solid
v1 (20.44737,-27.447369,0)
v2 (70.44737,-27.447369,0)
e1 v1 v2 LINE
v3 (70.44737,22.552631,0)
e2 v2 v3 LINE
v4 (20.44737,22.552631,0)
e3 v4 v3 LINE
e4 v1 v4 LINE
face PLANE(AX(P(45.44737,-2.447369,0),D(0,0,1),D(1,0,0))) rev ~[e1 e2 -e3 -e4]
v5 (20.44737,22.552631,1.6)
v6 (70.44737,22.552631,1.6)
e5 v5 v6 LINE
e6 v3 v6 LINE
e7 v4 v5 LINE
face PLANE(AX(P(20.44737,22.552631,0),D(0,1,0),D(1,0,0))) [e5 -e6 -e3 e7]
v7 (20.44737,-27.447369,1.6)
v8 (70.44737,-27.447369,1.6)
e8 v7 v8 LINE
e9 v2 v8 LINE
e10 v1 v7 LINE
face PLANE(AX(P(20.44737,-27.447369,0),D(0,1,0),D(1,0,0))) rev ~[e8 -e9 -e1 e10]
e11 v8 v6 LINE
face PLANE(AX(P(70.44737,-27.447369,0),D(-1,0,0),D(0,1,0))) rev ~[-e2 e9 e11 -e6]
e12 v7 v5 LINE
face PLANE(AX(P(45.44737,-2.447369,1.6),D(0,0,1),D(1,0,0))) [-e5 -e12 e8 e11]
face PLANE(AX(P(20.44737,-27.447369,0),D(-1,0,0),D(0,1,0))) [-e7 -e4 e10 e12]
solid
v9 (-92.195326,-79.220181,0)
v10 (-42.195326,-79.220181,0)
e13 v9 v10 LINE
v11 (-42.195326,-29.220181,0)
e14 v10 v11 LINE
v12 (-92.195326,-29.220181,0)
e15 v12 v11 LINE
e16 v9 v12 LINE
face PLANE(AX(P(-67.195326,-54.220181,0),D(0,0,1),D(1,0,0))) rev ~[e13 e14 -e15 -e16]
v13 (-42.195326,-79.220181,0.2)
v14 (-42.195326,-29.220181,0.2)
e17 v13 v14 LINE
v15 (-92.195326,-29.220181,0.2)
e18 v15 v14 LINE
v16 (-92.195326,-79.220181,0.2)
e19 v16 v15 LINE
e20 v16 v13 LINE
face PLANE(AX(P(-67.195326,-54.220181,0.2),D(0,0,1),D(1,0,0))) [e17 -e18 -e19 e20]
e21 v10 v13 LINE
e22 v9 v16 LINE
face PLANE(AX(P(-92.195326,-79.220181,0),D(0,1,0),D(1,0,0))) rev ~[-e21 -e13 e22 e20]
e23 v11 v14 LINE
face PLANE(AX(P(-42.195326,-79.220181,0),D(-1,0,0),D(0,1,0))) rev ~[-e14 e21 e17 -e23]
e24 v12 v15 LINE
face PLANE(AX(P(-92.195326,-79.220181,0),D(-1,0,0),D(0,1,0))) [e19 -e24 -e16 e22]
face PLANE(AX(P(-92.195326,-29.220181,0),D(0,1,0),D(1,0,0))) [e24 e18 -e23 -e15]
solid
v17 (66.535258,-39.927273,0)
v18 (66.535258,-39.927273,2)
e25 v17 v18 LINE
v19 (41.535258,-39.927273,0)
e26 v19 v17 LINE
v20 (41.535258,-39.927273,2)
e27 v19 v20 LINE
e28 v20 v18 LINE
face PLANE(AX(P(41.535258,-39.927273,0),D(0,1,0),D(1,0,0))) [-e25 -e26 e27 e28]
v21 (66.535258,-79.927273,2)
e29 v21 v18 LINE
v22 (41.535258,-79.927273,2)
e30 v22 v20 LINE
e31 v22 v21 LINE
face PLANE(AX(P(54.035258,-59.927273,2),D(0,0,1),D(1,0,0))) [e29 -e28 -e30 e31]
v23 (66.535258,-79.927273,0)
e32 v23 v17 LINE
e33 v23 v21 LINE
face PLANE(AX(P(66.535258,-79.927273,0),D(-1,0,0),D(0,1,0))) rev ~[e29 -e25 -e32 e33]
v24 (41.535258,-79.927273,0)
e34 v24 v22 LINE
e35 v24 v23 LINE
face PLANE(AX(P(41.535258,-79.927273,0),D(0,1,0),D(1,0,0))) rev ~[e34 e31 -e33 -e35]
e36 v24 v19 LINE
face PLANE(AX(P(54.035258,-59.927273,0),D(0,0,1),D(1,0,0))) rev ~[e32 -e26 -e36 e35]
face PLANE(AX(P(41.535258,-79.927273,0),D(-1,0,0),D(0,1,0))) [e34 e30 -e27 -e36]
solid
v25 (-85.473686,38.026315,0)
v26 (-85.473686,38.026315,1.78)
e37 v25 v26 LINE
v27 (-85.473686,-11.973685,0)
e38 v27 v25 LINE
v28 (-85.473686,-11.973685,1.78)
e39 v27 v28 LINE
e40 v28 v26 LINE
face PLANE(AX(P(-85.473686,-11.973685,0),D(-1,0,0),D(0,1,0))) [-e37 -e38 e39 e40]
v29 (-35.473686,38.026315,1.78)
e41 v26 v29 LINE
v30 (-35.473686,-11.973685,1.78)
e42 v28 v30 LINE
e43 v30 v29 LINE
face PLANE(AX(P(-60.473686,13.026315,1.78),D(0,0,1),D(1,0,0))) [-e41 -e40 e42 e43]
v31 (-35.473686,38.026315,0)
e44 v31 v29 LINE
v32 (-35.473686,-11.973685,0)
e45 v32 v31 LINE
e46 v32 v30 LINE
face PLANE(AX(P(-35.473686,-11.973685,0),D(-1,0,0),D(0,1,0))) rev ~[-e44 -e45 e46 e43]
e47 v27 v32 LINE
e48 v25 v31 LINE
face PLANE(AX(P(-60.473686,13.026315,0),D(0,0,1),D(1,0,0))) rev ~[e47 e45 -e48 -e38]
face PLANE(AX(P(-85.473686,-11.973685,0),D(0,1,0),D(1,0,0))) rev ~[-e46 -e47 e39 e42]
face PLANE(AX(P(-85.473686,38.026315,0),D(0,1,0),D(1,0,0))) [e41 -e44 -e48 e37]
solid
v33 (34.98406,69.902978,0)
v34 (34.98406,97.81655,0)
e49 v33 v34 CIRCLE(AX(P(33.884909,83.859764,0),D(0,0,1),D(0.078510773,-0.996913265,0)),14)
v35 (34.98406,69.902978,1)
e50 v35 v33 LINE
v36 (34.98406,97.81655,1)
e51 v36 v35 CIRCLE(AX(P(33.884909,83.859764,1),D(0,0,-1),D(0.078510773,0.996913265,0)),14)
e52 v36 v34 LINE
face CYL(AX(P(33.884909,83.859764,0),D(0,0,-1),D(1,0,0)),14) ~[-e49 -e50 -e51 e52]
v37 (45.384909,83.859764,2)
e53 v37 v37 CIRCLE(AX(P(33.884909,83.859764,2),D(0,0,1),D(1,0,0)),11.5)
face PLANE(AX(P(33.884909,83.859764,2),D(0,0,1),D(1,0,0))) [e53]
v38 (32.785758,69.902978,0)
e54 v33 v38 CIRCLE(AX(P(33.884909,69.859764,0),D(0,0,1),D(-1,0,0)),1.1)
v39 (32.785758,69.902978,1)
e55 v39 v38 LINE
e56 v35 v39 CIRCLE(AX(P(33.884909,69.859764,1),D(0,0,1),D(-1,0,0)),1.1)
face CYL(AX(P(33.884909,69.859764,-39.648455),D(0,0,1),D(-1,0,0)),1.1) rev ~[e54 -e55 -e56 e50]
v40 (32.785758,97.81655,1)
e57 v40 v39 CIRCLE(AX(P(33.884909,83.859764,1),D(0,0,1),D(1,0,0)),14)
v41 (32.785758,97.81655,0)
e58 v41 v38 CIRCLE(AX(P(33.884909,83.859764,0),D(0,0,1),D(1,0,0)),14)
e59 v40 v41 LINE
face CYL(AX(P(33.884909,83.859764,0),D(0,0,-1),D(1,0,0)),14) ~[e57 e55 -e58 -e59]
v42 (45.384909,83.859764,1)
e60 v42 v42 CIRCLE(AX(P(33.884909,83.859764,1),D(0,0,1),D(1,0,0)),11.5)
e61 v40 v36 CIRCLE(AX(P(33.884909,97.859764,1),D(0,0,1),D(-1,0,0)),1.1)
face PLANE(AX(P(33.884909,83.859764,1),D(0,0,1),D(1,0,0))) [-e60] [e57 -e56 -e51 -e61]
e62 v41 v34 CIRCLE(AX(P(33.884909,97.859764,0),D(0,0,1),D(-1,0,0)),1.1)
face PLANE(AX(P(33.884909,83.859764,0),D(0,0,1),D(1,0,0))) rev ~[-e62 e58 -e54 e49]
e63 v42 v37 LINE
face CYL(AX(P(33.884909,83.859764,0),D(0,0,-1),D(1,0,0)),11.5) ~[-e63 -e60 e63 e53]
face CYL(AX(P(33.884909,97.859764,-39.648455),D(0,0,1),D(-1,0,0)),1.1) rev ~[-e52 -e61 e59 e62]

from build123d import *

# Parameters (mm, degrees)
F0_W     = 50
F0_H     = 50
F1_DEPTH = 1.78
F2_DEPTH = 1.6
F3_DEPTH = 0.2
F0_W_2   = 25
F0_H_2   = 40
F4_DEPTH = 2
F0_R     = 11.5
F5_DEPTH = 2
F0_R_2   = 14
F6_DEPTH = 1
F7_D     = 2.2


with BuildPart() as f1:
    # F0 (on Top) → F1 (new body)
    with BuildSketch(Plane.XY):
        with Locations((-60.4736864567, 13.0263153464)):
            Rectangle(F0_W, F0_H)
    extrude(amount=F1_DEPTH)


with BuildPart() as f2:
    # F0 (on Top) → F2 (new body)
    with BuildSketch(Plane.XY):
        with Locations((45.4473696649, -2.4473689497)):
            Rectangle(F0_W, F0_H)
    extrude(amount=F2_DEPTH)


with BuildPart() as f3:
    # F0 (on Top) → F3 (new body)
    with BuildSketch(Plane.XY):
        with Locations((-67.1953260899, -54.2201809585)):
            Rectangle(F0_W, F0_H)
    extrude(amount=F3_DEPTH)


with BuildPart() as f4:
    # F0 (on Top) → F4 (new body)
    with BuildSketch(Plane.XY):
        with Locations((54.0352582932, -59.9272730947)):
            Rectangle(F0_W_2, F0_H_2)
    extrude(amount=F4_DEPTH)


with BuildPart() as f5:
    # F0 (on Top) → F5 (new body)
    with BuildSketch(Plane.XY):
        with Locations((33.884909004, 83.8597640395)):
            Circle(F0_R)
    extrude(amount=F5_DEPTH)

    # F0 (on Top) → F6 (join)
    with BuildSketch(Plane.XY):
        with Locations((33.884909004, 83.8597640395)):
            Circle(F0_R_2)
        with Locations((33.884909004, 83.8597640395)):
            Circle(F0_R, mode=Mode.SUBTRACT)
    extrude(amount=F6_DEPTH)

    # F7 (through all)
    with Locations(Plane(origin=(0, 0, 0), x_dir=(1, 0, 0), z_dir=(0, 0, -1))):
        with Locations((33.884909004, -97.8597640395), (33.884909004, -69.8597640395)):
            Hole(F7_D / 2)


solid = Compound([f1.part, f2.part, f3.part, f4.part, f5.part])
